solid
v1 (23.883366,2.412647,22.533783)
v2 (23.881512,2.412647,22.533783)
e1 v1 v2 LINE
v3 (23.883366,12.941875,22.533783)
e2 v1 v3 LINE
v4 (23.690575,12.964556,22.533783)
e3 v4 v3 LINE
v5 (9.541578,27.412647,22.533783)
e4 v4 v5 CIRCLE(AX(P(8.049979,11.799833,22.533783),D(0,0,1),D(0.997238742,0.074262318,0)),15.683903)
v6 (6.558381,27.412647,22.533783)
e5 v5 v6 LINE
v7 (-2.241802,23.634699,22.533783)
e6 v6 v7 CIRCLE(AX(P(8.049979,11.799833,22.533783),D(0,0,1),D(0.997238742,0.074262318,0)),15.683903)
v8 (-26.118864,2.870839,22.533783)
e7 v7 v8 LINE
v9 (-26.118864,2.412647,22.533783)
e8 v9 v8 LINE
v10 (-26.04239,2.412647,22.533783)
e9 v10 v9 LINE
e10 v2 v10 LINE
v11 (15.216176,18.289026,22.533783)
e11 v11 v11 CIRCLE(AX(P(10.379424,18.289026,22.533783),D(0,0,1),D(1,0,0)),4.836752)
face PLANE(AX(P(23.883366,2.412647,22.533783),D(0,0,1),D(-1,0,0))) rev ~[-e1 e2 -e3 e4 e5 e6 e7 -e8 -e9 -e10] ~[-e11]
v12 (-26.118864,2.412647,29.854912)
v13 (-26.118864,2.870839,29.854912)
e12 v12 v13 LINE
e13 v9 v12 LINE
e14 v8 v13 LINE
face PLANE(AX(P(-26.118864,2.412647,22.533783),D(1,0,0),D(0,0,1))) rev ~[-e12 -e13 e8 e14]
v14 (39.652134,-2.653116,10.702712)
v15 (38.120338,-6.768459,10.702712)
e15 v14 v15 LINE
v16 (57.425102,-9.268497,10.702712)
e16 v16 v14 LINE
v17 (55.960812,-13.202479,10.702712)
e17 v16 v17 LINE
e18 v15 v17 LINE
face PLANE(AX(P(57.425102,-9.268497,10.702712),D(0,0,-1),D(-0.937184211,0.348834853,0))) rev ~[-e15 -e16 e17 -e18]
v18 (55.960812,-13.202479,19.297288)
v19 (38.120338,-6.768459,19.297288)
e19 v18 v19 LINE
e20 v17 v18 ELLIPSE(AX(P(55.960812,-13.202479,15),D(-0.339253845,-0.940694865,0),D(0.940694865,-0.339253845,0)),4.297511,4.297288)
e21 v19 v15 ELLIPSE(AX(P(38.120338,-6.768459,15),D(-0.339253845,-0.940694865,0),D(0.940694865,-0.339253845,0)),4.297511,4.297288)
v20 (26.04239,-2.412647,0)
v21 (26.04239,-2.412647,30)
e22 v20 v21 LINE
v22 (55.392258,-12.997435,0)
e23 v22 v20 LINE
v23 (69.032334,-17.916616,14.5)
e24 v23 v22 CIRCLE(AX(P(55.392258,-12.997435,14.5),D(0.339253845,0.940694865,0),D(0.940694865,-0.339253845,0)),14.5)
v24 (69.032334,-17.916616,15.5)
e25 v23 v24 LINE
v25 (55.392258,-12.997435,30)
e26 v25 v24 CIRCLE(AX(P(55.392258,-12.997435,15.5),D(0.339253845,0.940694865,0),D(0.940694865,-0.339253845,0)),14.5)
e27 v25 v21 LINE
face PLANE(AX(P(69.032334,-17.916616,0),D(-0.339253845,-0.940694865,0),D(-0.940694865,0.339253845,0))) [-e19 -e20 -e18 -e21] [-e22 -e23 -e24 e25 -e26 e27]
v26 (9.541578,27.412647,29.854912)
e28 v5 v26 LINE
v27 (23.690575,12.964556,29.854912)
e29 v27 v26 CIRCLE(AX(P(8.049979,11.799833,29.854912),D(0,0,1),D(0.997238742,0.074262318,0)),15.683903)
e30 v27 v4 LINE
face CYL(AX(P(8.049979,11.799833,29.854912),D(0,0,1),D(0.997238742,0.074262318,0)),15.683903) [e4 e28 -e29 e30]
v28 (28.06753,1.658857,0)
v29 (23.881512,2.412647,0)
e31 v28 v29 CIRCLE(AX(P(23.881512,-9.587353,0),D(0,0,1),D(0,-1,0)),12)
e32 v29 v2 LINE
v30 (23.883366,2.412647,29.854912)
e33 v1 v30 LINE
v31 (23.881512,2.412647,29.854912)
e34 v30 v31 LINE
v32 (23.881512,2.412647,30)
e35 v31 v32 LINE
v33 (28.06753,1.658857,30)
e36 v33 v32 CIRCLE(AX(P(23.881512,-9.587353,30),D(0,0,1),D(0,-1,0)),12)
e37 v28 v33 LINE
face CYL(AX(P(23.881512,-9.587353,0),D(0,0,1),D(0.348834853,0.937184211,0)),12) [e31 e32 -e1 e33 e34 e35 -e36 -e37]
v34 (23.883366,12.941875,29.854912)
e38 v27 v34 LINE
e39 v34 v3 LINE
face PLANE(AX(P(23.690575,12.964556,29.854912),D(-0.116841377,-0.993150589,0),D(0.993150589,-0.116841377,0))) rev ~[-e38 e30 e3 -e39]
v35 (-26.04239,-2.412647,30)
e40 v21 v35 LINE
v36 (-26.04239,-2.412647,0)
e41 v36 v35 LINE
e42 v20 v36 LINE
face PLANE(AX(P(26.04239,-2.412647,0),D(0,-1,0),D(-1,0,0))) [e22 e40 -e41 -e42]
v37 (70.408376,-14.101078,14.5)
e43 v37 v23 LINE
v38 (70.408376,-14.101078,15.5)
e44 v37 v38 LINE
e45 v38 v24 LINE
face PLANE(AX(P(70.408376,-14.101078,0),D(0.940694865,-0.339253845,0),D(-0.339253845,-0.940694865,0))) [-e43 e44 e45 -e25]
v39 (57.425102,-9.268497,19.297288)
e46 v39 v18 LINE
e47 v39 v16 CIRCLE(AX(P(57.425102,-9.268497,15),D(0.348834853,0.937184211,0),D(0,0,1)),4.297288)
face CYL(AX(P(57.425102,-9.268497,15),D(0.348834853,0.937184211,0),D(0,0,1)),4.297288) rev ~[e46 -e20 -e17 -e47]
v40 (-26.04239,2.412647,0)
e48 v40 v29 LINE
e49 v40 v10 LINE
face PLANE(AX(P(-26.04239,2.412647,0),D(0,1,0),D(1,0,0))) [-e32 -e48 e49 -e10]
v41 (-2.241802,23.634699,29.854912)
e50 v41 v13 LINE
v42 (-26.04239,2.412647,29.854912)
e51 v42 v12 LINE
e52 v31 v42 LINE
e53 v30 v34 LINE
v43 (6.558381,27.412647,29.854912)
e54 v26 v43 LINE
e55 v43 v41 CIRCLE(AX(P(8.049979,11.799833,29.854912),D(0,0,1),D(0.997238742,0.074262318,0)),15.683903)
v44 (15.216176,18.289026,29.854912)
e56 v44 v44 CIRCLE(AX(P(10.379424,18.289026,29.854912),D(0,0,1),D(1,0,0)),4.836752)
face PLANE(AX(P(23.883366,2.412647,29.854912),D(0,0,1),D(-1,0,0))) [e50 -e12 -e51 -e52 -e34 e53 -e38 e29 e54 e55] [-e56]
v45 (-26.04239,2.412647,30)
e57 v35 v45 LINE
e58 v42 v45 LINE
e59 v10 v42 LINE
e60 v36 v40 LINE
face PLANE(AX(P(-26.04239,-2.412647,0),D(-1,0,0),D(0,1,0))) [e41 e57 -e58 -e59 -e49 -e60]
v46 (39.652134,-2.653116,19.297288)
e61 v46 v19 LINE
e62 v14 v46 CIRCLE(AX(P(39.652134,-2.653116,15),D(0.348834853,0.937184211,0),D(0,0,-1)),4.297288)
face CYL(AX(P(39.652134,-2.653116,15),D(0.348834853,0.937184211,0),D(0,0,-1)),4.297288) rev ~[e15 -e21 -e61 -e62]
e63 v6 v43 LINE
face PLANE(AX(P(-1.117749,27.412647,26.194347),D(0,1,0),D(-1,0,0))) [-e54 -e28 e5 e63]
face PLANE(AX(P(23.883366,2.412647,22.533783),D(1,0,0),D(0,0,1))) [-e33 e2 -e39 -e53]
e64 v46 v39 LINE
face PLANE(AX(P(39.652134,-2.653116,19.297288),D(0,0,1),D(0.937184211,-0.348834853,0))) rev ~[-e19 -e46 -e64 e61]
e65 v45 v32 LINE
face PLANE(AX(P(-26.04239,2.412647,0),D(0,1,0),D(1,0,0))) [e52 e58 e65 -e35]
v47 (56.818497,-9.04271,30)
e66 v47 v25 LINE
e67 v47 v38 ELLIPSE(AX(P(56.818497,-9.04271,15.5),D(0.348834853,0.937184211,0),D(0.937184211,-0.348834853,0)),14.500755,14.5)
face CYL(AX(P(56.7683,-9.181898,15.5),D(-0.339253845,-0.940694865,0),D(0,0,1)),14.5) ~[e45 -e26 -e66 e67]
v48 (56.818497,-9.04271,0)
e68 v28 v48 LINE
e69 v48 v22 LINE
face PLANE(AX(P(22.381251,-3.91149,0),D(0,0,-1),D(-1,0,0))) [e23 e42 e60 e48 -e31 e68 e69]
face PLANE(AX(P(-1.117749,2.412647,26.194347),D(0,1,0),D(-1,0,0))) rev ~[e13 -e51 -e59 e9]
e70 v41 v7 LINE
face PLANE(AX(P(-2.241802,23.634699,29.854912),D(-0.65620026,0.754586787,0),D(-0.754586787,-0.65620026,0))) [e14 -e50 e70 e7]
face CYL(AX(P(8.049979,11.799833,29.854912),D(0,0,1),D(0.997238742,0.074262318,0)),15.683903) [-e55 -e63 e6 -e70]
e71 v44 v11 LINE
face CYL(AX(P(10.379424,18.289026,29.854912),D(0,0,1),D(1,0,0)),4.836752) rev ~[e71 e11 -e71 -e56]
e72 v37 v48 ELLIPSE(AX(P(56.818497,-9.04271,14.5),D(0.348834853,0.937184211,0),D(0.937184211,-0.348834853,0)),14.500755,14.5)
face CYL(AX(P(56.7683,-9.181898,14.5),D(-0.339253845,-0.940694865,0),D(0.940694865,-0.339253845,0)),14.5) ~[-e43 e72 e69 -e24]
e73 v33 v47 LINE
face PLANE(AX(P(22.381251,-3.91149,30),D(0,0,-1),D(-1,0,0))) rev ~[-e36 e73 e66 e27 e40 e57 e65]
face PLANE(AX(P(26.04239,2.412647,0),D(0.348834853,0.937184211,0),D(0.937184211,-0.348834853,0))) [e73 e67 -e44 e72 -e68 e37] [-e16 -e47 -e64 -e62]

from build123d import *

# Parameters (mm, degrees)
PAD_DEPTH       = 30
POCKET_DEPTH    = 5
FILLET_R        = 14.5
FILLET001_R     = 14.5
FILLET002_R     = 12
SKETCH002_W     = 50.00223
SKETCH002_H     = 7.321129
PAD001_DEPTH    = 25
SKETCH003_R     = 4.8367523299
POCKET001_DEPTH = 10


with BuildPart() as part:
    # Sketch → Pad (new body)
    with BuildSketch(Plane.XY):
        Polygon((-26.0423896161, -2.4126467386), (-26.0423896161, 2.4126467386), (26.0423896161, 2.4126467386), (70.4083759206, -14.101078257), (69.0323338509, -17.9166155839), (26.0423896161, -2.4126467386), align=None)
    extrude(amount=PAD_DEPTH)

    # Sketch001 (on Face3 of Pad) → Pocket (cut)
    with BuildSketch(Plane(origin=(3.9577363848, 10.6329055553, 0), x_dir=(-0.9371842108, 0.3488348534, 0), z_dir=(0.3488348534, 0.9371842108, 0))):
        with BuildLine():
            ThreePointArc((-57.051074, 19.2972875988), (-61.3483615988, 15), (-57.051074, 10.7027124012))
            Line((-57.051074, 10.7027124012), (-38.086853, 10.7027124012))
            ThreePointArc((-38.086853, 10.7027124012), (-33.7895654012, 15), (-38.086853, 19.2972875988))
            Line((-38.086853, 19.2972875988), (-57.051074, 19.2972875988))
        make_face()
    extrude(amount=-POCKET_DEPTH, mode=Mode.SUBTRACT)

    # Fillet
    fillet_edges = [part.edges().sort_by_distance(p)[0] for p in [
        (69.720355, -16.008847, 30),
    ]]
    fillet(fillet_edges, radius=FILLET_R)

    # Fillet001
    fillet001_edges = [part.edges().sort_by_distance(p)[0] for p in [
        (69.720355, -16.008847, 0),
    ]]
    fillet(fillet001_edges, radius=FILLET001_R)

    # Fillet002
    fillet002_edges = [part.edges().sort_by_distance(p)[0] for p in [
        (26.04239, 2.412647, 15),
    ]]
    fillet(fillet002_edges, radius=FILLET002_R)

    # Sketch002 (on Face12 of Fillet002) → Pad001 (join)
    with BuildSketch(Plane(origin=(0, 2.4126467386, 0), x_dir=(-1, 0, 0), z_dir=(0, 1, 0))):
        with Locations((1.1177492, 26.194347)):
            Rectangle(SKETCH002_W, SKETCH002_H)
    extrude(amount=PAD001_DEPTH)

    # Sketch003 (on Face17 of Pad001) → Pocket001 (cut)
    with BuildSketch(Plane.XY.offset(29.8549115)):
        with Locations((10.379424, 18.289026)):
            Circle(SKETCH003_R)
        with BuildLine():
            Line((-30.0109383074, -0.5137681689), (-30.0109383074, 32.26572))
            Line((31.0117, 32.26572), (-30.0109383074, 32.26572))
            Line((32.17643, 11.966219), (31.0117, 32.26572))
            Line((23.690575, 12.964556), (32.17643, 11.966219))
            ThreePointArc((23.690575, 12.964556), (14.0178466447, 26.3039488372), (-2.2418022126, 23.6346991039))
            Line((-2.2418022126, 23.6346991039), (-30.0109383074, -0.5137681689))
        make_face()
    extrude(amount=-POCKET001_DEPTH, mode=Mode.SUBTRACT)


solid = part.part
